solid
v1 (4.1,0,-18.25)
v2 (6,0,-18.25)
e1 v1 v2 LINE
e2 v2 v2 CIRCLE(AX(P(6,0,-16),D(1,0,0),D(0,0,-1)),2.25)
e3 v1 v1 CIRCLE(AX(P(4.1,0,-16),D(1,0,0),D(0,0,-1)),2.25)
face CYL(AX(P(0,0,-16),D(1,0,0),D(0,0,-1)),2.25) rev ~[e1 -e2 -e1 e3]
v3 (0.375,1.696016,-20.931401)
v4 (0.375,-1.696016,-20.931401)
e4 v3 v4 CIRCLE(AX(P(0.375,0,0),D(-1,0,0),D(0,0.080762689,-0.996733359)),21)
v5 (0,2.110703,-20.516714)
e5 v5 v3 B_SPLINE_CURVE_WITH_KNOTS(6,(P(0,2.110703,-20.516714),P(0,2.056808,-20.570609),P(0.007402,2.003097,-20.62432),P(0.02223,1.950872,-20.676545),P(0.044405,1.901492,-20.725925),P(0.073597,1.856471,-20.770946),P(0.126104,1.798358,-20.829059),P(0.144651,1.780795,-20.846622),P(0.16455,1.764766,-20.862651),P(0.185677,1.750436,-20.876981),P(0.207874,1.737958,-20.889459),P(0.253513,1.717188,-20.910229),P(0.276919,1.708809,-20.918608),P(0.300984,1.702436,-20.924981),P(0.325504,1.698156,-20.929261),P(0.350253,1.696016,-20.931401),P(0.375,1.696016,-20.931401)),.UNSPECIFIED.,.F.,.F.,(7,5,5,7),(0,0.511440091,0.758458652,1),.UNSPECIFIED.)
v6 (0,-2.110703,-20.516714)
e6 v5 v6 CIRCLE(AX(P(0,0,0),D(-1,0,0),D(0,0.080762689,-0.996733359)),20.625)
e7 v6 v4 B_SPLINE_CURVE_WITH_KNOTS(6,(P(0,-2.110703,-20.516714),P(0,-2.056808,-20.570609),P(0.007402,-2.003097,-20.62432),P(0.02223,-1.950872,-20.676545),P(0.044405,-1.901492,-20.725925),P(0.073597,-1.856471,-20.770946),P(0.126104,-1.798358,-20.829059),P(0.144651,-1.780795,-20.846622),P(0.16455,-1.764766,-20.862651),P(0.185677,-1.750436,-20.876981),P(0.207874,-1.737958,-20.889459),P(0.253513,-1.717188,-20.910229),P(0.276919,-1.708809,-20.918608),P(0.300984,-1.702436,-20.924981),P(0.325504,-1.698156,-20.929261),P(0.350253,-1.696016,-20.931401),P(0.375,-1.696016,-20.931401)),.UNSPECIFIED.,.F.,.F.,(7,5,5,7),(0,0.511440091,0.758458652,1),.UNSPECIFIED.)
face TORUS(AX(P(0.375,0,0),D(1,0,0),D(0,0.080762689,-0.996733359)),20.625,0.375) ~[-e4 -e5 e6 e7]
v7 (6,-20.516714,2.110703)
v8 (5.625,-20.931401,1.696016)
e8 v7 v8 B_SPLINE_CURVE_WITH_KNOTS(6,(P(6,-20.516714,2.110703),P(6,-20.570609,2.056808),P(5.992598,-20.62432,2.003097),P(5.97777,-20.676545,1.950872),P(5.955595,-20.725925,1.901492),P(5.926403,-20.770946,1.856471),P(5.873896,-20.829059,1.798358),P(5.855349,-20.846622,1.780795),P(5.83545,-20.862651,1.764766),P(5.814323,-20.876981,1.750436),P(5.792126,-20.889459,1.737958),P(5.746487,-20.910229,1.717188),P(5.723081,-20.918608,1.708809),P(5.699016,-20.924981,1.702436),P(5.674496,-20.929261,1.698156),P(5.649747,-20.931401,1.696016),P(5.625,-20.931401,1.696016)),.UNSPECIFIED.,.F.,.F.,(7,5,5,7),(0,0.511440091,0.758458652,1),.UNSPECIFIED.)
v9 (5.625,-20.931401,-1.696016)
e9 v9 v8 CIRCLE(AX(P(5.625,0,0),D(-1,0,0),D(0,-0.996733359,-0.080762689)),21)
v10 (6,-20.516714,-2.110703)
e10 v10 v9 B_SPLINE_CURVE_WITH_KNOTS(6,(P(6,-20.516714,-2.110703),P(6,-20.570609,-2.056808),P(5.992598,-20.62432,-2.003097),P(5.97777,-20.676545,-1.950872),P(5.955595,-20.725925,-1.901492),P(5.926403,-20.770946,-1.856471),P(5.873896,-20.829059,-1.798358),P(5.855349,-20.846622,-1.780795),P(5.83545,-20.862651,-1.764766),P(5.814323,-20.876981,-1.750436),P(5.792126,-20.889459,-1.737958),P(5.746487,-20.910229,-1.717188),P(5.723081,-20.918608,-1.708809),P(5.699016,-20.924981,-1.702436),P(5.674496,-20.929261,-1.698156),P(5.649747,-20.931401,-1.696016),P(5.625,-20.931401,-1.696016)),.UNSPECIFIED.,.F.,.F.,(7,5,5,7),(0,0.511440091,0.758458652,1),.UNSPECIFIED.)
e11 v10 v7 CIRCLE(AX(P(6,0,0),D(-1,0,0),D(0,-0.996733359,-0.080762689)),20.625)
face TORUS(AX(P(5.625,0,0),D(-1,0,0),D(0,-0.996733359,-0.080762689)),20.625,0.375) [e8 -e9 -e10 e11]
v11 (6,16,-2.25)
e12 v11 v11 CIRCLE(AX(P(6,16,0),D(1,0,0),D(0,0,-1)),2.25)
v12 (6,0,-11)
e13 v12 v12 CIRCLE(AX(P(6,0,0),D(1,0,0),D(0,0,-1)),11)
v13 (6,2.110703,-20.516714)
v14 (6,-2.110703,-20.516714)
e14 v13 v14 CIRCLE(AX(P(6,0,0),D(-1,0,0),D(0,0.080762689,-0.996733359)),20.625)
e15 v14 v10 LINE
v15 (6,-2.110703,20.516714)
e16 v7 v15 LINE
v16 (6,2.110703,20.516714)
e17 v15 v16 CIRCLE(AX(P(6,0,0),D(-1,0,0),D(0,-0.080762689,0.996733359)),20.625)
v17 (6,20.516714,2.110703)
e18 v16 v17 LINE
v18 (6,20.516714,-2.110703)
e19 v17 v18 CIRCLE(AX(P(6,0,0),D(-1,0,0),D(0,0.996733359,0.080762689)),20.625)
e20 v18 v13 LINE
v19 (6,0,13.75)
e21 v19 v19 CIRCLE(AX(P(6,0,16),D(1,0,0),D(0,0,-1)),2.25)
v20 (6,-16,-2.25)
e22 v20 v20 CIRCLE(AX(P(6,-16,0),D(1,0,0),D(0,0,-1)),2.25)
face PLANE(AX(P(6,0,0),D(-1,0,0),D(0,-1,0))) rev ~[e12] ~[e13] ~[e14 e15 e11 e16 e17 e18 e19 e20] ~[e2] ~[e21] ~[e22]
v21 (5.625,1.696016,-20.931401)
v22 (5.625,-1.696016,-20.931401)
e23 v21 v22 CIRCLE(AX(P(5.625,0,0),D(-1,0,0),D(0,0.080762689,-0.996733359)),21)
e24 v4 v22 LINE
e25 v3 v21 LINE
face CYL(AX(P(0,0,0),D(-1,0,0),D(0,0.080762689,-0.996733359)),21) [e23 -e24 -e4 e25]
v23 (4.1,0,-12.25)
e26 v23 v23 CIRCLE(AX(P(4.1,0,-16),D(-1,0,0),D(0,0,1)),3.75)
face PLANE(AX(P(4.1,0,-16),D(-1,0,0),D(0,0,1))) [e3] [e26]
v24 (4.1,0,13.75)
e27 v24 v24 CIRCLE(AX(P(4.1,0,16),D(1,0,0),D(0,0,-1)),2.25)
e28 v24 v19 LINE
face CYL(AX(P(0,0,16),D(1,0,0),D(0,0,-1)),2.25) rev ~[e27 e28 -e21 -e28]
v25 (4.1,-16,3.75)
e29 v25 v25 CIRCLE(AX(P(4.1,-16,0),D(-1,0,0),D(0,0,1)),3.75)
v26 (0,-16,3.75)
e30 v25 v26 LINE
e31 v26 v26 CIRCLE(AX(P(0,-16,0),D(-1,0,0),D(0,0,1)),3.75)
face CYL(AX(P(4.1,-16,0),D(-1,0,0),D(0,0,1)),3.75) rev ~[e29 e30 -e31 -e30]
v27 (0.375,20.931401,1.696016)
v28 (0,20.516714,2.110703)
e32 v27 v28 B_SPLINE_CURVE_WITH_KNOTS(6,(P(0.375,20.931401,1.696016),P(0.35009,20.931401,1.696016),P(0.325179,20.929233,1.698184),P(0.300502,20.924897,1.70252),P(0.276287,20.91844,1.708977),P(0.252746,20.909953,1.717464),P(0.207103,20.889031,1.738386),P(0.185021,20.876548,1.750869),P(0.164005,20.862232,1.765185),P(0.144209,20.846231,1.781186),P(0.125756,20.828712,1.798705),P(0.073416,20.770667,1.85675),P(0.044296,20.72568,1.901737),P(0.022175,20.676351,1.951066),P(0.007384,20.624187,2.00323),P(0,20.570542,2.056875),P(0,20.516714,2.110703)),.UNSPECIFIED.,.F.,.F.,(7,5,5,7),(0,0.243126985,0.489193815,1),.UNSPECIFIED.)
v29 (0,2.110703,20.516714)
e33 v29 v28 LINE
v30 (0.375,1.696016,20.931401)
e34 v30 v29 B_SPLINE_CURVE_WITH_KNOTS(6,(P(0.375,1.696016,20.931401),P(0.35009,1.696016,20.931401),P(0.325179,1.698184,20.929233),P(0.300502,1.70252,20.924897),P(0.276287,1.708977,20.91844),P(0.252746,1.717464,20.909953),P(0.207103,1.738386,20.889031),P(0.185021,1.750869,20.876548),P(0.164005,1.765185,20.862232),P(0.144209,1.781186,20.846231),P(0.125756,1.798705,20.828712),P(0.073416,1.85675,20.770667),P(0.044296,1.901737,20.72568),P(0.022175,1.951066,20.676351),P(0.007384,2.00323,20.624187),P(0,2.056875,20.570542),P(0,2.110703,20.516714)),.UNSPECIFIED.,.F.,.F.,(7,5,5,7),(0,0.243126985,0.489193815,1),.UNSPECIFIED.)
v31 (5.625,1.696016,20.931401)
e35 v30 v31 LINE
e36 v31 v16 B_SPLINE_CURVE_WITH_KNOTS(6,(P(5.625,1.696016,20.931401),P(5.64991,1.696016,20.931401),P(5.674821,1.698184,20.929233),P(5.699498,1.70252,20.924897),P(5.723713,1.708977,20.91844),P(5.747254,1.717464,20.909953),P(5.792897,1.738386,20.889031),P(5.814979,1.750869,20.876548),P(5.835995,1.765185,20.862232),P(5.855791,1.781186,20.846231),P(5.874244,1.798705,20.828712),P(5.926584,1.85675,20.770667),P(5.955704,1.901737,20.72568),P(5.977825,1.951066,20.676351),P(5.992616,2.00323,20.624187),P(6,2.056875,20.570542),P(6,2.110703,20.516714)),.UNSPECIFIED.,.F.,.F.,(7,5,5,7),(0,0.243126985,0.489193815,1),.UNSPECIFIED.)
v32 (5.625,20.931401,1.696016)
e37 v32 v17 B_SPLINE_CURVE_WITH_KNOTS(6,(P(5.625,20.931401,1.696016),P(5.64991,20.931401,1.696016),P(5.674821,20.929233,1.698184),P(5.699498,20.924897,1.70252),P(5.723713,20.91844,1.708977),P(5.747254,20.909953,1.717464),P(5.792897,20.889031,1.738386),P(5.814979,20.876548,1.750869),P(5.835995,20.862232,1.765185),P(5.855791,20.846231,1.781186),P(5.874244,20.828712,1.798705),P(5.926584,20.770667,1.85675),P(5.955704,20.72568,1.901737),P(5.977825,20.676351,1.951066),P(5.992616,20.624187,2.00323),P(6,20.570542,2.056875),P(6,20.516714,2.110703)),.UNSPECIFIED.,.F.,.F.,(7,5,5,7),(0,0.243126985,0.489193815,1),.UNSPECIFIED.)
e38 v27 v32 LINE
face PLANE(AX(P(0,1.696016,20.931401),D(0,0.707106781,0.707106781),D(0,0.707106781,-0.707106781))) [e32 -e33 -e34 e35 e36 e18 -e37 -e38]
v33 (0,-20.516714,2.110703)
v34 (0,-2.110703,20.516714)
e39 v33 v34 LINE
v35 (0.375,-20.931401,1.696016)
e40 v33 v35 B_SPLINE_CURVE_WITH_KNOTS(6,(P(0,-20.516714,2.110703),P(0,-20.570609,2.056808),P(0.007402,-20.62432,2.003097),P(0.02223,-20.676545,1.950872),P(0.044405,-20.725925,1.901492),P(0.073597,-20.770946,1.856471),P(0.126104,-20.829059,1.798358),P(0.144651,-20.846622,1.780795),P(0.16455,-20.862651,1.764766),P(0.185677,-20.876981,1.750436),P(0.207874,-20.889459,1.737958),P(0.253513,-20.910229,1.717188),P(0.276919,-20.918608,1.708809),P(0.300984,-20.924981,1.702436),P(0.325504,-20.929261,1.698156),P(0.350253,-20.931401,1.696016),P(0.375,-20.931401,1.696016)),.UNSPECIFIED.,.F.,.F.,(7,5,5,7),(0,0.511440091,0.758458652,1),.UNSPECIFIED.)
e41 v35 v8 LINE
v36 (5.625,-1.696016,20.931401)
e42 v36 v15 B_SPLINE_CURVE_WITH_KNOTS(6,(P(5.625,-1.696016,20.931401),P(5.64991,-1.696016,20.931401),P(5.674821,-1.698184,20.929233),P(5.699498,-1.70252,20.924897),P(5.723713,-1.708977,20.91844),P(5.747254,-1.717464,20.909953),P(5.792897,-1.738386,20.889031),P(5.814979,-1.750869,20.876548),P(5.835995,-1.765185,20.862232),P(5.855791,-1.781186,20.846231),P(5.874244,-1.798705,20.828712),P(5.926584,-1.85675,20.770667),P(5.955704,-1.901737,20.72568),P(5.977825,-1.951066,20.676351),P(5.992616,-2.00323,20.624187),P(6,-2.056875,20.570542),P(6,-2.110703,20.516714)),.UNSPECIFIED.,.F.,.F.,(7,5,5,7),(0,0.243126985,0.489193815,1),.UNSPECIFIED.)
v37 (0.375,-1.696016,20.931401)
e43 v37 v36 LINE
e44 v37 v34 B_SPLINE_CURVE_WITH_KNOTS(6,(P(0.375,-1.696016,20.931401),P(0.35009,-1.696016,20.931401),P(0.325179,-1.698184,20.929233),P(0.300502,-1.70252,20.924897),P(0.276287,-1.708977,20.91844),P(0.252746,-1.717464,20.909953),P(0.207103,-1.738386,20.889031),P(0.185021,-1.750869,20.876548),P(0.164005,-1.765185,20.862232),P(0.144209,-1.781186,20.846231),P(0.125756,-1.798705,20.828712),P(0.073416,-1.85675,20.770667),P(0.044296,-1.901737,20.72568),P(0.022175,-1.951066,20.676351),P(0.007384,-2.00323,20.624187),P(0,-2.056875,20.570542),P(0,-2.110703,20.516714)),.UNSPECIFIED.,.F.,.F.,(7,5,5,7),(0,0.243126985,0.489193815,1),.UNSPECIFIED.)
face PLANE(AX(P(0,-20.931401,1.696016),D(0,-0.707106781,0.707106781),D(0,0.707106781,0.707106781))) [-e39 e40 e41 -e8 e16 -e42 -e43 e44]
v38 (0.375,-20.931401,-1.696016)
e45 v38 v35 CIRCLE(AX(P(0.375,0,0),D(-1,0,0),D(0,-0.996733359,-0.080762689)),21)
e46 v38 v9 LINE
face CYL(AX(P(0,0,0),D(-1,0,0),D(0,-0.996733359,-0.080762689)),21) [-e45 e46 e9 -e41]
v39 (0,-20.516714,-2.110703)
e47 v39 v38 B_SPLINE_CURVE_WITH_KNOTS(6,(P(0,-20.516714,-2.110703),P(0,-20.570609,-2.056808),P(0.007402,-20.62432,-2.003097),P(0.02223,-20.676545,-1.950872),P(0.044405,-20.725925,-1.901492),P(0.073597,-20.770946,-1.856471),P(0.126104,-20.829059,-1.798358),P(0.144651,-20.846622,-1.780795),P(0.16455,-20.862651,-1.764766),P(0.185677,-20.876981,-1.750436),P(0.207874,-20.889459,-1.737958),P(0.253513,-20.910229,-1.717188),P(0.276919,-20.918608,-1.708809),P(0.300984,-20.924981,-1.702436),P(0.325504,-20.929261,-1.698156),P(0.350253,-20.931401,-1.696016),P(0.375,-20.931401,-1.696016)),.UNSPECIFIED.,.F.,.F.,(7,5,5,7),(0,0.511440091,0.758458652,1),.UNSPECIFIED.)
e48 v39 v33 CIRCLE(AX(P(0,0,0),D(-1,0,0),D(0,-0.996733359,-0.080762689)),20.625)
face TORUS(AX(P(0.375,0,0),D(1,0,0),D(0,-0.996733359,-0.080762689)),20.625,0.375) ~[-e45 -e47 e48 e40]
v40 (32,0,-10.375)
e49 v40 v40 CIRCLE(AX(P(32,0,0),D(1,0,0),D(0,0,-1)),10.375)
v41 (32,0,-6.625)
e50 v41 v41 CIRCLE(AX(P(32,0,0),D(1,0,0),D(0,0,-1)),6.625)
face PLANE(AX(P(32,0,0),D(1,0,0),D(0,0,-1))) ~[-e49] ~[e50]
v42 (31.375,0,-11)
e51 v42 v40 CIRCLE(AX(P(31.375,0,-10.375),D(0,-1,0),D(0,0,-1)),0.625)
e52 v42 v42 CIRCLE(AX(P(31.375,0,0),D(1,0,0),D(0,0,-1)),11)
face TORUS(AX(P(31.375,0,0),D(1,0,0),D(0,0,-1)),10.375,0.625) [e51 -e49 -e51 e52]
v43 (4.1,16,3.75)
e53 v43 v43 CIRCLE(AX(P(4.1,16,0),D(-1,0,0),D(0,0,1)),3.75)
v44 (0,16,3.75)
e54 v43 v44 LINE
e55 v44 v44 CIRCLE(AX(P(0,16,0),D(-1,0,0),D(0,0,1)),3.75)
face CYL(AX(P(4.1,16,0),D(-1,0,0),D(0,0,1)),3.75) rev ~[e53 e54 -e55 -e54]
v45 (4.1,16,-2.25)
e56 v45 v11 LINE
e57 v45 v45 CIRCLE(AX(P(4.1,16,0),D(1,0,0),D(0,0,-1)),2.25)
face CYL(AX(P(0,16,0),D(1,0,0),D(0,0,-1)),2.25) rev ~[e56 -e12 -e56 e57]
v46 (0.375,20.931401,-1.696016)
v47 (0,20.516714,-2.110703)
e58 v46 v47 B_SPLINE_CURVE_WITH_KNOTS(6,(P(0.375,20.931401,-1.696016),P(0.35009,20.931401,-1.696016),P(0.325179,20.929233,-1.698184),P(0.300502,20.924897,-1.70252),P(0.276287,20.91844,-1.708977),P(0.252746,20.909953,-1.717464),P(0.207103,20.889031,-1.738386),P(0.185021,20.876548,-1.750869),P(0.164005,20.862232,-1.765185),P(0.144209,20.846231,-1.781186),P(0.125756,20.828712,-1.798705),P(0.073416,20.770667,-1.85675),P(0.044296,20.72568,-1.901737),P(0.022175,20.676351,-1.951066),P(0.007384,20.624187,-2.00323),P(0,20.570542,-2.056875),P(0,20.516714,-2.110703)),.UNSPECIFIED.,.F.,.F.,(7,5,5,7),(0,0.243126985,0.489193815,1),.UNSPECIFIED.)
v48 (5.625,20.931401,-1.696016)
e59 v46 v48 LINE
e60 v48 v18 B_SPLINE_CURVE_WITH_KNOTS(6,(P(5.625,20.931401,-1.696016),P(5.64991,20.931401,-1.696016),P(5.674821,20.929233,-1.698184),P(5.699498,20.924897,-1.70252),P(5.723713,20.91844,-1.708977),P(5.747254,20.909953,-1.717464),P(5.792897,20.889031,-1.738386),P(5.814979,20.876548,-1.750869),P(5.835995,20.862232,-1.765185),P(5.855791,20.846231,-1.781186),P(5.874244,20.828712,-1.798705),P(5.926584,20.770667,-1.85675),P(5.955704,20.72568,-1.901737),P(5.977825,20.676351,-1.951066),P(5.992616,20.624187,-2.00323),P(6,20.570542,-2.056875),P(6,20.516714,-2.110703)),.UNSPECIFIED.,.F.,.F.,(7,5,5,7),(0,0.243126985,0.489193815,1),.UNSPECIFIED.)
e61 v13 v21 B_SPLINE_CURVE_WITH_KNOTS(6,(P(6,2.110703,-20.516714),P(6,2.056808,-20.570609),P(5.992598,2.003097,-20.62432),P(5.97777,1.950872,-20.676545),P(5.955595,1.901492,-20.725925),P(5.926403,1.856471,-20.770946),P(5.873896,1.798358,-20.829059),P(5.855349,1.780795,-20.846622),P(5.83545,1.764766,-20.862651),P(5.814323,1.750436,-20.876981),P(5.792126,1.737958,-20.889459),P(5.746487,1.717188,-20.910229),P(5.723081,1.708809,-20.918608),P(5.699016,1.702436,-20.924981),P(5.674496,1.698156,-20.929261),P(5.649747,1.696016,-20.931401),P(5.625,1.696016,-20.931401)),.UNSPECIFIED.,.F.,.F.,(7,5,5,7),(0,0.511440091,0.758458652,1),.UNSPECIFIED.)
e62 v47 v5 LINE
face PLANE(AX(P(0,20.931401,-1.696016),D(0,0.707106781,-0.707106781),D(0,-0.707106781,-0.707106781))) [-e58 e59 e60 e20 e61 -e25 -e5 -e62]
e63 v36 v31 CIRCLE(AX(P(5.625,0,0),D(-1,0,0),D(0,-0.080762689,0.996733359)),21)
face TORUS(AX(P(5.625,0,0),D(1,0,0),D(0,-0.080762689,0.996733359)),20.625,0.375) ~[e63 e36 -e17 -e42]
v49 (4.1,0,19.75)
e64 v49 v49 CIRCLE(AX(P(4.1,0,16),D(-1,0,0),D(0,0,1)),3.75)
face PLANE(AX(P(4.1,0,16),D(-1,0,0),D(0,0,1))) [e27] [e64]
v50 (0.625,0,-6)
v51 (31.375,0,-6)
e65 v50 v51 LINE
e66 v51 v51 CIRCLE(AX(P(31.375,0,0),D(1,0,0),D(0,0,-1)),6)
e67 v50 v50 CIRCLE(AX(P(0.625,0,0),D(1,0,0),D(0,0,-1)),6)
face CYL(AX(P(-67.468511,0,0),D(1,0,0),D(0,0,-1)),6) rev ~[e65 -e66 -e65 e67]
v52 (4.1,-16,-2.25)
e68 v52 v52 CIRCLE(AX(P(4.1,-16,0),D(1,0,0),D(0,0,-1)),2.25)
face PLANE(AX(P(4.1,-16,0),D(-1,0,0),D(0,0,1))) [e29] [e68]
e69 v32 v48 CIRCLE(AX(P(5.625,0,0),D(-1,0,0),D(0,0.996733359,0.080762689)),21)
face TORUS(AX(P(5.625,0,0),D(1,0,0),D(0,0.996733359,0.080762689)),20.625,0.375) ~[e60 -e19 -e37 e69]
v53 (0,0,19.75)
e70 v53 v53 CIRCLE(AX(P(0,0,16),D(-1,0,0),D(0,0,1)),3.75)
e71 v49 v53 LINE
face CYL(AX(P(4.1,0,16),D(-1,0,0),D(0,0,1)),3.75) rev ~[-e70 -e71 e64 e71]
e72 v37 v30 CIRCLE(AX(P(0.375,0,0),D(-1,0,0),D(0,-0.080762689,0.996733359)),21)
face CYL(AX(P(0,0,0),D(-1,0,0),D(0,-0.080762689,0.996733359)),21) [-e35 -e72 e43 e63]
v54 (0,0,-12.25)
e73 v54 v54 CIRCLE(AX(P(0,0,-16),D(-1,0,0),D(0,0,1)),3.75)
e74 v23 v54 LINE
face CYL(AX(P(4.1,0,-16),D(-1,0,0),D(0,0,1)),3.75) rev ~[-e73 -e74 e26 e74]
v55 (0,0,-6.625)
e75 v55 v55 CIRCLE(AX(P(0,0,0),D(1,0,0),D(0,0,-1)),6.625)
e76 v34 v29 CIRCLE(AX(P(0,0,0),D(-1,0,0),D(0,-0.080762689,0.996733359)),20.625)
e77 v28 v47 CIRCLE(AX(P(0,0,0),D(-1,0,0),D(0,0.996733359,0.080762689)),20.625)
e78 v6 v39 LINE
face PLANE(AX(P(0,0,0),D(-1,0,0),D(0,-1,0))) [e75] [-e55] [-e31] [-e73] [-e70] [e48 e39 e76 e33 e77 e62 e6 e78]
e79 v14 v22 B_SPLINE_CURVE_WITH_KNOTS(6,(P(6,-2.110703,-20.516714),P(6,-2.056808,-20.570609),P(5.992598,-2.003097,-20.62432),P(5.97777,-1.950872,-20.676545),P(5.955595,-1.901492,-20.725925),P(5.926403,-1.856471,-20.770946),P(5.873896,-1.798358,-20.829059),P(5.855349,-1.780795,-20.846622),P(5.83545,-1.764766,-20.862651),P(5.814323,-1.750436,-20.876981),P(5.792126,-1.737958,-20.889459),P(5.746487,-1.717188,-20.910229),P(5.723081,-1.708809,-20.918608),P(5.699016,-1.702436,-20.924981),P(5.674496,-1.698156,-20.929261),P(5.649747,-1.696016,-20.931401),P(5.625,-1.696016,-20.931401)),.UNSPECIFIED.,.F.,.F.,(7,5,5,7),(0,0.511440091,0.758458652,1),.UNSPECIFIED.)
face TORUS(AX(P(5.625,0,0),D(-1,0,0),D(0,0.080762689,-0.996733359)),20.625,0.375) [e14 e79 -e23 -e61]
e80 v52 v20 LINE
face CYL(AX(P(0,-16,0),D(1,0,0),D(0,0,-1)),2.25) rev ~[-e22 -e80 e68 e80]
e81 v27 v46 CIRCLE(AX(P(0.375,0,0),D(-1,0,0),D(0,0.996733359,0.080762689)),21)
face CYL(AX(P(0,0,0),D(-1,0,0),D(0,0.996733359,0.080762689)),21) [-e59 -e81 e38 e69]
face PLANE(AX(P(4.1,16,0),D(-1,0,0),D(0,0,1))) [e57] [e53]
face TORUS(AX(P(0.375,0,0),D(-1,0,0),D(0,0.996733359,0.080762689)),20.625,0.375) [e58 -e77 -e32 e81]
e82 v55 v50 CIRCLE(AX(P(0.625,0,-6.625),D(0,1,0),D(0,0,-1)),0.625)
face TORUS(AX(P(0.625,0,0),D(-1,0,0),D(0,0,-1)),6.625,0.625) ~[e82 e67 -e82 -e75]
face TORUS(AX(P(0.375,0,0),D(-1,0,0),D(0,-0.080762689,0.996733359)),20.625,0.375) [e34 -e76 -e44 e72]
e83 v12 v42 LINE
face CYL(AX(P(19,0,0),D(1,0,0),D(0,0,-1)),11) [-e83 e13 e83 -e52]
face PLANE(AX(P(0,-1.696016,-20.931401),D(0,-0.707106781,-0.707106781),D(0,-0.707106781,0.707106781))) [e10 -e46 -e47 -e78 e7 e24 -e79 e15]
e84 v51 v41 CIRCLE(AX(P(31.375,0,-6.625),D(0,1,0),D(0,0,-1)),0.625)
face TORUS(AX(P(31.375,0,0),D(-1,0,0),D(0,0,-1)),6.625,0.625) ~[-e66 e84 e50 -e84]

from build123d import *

# Parameters (mm, degrees)
BOSS_EXTRUDE1_DEPTH                              = 6
SKETCH2_W                                        = 26
SKETCH2_H                                        = 11
CBORE_FOR_M4_HEX_HEAD_MACHINE_SCREW1_D           = 4.5
CBORE_FOR_M4_HEX_HEAD_MACHINE_SCREW1_DEPTH       = 32
CBORE_FOR_M4_HEX_HEAD_MACHINE_SCREW1_CBORE_D     = 7.5
CBORE_FOR_M4_HEX_HEAD_MACHINE_SCREW1_CBORE_DEPTH = 4.1
F_12_0_12_DIAMETER_HOLE1_D                       = 12
FILLET1_R                                        = 0.375
FILLET2_R                                        = 0.625


with BuildPart() as part:
    # Sketch1 → Boss-Extrude1 (new body)
    with BuildSketch(Plane(origin=(0, 0, 0), x_dir=(0, -1, 0), z_dir=(-1, 0, 0))):
        with BuildLine():
            Line((-1.696016468, 20.93140053), (-20.93140053, 1.696016468))
            ThreePointArc((-20.93140053, 1.696016468), (-21, 0), (-20.93140053, -1.696016468))
            Line((-20.93140053, -1.696016468), (-1.696016468, -20.93140053))
            ThreePointArc((-1.696016468, -20.93140053), (0, -21), (1.696016468, -20.93140053))
            Line((1.696016468, -20.93140053), (20.93140053, -1.696016468))
            ThreePointArc((20.93140053, -1.696016468), (21, 0), (20.93140053, 1.696016468))
            Line((20.93140053, 1.696016468), (1.696016468, 20.93140053))
            ThreePointArc((1.696016468, 20.93140053), (0, 21), (-1.696016468, 20.93140053))
        make_face()
    extrude(amount=-BOSS_EXTRUDE1_DEPTH)

    # Sketch2 → Revolve1 (revolve)
    with BuildSketch(Plane.XY, mode=Mode.PRIVATE) as revolve1_sk:
        with Locations((19, 5.5)):
            Rectangle(SKETCH2_W, SKETCH2_H)
    revolve(revolve1_sk.sketch.rotate(Axis((6, 0, 0), (1, 0, 0)), 270), axis=Axis((6, 0, 0), (1, 0, 0)))

    # CBORE for M4 Hex Head Machine Screw1
    with Locations(Plane.ZY):
        with Locations((0, 16), (0, -16), (-16, 0), (16, 0)):
            CounterBoreHole(CBORE_FOR_M4_HEX_HEAD_MACHINE_SCREW1_D / 2, CBORE_FOR_M4_HEX_HEAD_MACHINE_SCREW1_CBORE_D / 2, CBORE_FOR_M4_HEX_HEAD_MACHINE_SCREW1_CBORE_DEPTH, depth=CBORE_FOR_M4_HEX_HEAD_MACHINE_SCREW1_DEPTH)

    # Ø12.0 (12) Diameter Hole1 (through all)
    with Locations(Plane.ZY):
        with Locations((0, 0)):
            Hole(F_12_0_12_DIAMETER_HOLE1_D / 2)

    # Fillet1
    fillet1_edges = [part.edges().sort_by_distance(p)[0] for p in [
        (0, 21, 0),
        (0, 0, 21),
        (6, 21, 0),
        (6, 0, -21),
        (6, -21, 0),
        (6, 0, 21),
        (0, -21, 0),
        (0, 0, -21),
    ]]
    fillet(fillet1_edges, radius=FILLET1_R)

    # Fillet2
    fillet2_edges = [part.edges().sort_by_distance(p)[0] for p in [
        (32, 0, 11),
        (0, 0, 6),
        (32, 0, 6),
    ]]
    fillet(fillet2_edges, radius=FILLET2_R)


solid = part.part
